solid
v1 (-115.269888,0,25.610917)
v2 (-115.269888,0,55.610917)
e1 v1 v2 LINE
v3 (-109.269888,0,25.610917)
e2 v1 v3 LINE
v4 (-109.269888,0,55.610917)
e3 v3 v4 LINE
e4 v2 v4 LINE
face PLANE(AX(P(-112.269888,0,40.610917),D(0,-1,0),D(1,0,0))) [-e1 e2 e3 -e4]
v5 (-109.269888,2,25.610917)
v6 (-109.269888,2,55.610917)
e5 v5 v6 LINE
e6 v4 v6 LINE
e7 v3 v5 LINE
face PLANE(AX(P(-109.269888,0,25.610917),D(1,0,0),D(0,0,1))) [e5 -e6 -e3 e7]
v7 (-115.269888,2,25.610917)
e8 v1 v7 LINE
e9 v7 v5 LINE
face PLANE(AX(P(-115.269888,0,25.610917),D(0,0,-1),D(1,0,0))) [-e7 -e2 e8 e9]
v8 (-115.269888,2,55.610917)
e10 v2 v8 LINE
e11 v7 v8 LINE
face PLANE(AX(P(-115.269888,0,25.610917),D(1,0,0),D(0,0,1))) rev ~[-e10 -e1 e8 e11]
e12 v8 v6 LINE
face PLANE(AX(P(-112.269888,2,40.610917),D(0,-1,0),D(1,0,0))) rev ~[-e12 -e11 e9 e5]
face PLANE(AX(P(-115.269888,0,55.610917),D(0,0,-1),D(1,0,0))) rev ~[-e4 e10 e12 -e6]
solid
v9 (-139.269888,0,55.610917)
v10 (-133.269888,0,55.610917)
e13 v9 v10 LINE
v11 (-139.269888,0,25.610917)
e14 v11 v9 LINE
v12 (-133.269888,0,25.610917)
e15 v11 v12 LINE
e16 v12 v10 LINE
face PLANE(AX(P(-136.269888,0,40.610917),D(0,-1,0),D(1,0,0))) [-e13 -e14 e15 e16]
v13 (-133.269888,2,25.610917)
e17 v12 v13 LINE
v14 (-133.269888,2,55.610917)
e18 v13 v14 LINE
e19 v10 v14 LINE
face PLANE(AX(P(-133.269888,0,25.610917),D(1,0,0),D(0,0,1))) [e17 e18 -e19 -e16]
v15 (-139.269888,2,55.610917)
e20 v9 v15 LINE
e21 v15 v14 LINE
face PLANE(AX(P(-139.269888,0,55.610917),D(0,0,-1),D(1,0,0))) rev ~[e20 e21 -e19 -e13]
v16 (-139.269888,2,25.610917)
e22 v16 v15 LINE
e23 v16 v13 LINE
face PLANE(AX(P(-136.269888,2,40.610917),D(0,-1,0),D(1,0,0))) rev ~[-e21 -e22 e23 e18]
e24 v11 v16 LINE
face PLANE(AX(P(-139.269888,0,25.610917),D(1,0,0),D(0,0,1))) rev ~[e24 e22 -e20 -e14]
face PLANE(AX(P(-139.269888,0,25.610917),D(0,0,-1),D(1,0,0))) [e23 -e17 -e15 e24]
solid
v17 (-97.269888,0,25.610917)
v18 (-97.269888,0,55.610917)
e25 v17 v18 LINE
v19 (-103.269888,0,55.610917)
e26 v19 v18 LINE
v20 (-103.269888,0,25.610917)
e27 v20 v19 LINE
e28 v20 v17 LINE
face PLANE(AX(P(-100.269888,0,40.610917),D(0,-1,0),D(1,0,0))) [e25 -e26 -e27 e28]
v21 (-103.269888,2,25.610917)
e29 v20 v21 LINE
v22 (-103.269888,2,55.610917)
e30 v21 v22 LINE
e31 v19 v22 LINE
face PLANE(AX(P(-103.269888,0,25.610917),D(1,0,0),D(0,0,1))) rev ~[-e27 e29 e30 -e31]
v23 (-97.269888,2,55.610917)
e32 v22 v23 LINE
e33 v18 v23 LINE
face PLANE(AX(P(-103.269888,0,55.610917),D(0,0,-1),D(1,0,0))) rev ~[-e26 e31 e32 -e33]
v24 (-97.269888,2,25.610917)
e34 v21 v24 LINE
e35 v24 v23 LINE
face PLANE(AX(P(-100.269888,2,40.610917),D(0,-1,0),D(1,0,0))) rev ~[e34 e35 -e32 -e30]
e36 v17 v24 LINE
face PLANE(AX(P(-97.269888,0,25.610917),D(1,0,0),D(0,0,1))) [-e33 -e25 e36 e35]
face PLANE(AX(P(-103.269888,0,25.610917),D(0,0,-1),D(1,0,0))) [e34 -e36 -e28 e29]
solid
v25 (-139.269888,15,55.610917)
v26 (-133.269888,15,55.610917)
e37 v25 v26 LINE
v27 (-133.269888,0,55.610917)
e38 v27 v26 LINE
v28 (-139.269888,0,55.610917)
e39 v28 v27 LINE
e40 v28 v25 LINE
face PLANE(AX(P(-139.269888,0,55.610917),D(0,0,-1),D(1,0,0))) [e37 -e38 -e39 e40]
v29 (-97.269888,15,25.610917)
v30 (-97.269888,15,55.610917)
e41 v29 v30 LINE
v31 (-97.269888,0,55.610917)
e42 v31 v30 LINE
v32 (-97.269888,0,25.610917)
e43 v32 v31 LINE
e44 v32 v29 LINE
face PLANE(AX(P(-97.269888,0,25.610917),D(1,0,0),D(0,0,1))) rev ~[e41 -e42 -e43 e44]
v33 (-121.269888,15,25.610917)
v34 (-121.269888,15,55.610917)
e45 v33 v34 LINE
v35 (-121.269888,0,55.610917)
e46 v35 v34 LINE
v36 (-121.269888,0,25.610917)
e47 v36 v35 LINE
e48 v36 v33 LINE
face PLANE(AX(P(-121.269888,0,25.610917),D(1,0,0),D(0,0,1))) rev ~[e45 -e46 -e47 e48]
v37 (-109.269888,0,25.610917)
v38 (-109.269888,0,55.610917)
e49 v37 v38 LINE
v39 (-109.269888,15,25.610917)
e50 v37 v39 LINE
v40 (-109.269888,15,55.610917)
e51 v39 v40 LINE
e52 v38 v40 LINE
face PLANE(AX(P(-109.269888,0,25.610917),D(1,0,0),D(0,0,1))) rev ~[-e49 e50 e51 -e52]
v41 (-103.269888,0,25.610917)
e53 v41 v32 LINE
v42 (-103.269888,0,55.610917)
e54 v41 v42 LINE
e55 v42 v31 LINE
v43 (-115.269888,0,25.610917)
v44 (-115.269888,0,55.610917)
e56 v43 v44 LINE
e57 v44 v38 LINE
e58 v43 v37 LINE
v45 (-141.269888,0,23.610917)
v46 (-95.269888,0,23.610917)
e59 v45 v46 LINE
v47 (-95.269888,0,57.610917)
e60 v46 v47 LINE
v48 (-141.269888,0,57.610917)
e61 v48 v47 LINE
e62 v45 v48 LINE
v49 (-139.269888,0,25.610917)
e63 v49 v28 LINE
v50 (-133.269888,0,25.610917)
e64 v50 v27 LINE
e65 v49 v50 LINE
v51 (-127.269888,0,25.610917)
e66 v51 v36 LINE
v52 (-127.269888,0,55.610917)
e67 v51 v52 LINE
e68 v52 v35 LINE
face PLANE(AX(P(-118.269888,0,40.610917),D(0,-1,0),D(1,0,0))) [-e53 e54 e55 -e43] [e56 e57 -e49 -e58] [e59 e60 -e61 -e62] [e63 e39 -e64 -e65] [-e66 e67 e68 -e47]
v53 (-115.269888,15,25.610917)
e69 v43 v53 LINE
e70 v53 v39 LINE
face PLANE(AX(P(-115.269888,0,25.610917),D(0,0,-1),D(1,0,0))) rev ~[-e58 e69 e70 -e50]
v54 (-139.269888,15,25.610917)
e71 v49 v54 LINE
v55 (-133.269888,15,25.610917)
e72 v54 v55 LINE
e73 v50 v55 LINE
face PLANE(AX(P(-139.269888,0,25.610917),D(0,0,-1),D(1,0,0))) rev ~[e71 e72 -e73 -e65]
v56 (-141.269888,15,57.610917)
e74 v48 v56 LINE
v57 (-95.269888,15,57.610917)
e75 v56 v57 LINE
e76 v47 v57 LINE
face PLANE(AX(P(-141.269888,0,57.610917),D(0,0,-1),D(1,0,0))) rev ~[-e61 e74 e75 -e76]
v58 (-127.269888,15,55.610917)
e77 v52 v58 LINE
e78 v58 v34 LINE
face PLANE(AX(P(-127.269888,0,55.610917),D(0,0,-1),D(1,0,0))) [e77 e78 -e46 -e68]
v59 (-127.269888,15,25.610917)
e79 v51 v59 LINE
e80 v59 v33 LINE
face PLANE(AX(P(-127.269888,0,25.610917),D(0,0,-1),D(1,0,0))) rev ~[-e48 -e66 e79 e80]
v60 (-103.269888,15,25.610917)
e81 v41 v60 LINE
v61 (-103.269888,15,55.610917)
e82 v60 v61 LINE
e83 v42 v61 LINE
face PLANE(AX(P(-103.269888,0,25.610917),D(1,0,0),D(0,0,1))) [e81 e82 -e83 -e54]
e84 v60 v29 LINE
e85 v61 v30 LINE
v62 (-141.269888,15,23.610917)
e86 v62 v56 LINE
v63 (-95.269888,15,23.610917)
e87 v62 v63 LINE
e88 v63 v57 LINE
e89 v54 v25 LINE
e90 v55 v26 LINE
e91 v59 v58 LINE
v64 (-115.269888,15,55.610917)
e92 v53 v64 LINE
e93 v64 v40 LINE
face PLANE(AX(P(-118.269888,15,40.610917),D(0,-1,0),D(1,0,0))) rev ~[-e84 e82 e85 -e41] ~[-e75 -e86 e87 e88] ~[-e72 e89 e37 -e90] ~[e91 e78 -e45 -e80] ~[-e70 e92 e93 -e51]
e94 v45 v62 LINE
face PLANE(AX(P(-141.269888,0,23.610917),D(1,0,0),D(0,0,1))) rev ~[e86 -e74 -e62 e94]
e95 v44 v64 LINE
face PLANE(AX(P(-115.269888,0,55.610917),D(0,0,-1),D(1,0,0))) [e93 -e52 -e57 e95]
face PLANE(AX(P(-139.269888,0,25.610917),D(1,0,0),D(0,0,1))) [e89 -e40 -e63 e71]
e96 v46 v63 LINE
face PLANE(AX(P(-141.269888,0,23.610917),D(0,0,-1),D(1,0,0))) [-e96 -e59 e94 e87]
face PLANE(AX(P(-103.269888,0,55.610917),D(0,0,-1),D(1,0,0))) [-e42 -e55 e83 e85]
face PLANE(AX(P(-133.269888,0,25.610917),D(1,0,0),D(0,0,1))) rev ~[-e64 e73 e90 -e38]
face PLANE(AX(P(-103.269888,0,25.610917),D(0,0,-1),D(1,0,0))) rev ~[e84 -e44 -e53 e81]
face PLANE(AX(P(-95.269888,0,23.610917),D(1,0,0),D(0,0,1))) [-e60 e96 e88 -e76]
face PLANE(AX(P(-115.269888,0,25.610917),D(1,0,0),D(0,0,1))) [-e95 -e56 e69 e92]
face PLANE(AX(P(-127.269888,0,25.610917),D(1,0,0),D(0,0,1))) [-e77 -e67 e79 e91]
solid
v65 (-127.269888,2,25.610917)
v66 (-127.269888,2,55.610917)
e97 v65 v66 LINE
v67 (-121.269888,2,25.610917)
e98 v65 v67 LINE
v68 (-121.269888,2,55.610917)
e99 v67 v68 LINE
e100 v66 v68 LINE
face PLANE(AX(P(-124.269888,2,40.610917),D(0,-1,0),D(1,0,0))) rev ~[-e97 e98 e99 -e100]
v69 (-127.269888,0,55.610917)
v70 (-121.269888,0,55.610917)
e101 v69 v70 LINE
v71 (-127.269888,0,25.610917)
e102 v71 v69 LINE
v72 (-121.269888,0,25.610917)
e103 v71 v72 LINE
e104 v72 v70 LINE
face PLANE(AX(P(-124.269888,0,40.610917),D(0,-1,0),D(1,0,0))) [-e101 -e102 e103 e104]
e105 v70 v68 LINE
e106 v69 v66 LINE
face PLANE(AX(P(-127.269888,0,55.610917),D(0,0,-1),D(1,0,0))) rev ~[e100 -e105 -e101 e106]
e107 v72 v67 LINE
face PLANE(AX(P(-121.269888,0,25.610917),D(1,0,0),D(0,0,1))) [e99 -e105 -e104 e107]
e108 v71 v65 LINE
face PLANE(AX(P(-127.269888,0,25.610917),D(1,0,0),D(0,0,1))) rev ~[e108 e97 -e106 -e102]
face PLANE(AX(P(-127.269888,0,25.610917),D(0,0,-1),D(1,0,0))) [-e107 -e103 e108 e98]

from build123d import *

# Parameters (mm, degrees)
F0_W     = 6
F0_H     = 30
F1_DEPTH = 2
F0_W_2   = 46
F0_H_2   = 34
F2_DEPTH = 15


with BuildPart() as f1:
    # F0 (on Front) → F1 (new body)
    with BuildSketch(Plane.XZ):
        with Locations((-136.269888, 40.610917)):
            Rectangle(F0_W, F0_H)
        with Locations((-124.269888, 40.610917)):
            Rectangle(F0_W, F0_H)
        with Locations((-112.269888, 40.610917)):
            Rectangle(F0_W, F0_H)
        with Locations((-100.269888, 40.610917)):
            Rectangle(F0_W, F0_H)
    extrude(amount=-F1_DEPTH)


with BuildPart() as f2:
    # F0 (on Front) → F2 (new body)
    with BuildSketch(Plane.XZ):
        with Locations((-118.269888, 40.610917)):
            Rectangle(F0_W_2, F0_H_2)
        with Locations((-136.269888, 40.610917)):
            Rectangle(F0_W, F0_H, mode=Mode.SUBTRACT)
        with Locations((-124.269888, 40.610917)):
            Rectangle(F0_W, F0_H, mode=Mode.SUBTRACT)
        with Locations((-112.269888, 40.610917)):
            Rectangle(F0_W, F0_H, mode=Mode.SUBTRACT)
        with Locations((-100.269888, 40.610917)):
            Rectangle(F0_W, F0_H, mode=Mode.SUBTRACT)
    extrude(amount=-F2_DEPTH)


solid = Compound([f1.part, f2.part])
